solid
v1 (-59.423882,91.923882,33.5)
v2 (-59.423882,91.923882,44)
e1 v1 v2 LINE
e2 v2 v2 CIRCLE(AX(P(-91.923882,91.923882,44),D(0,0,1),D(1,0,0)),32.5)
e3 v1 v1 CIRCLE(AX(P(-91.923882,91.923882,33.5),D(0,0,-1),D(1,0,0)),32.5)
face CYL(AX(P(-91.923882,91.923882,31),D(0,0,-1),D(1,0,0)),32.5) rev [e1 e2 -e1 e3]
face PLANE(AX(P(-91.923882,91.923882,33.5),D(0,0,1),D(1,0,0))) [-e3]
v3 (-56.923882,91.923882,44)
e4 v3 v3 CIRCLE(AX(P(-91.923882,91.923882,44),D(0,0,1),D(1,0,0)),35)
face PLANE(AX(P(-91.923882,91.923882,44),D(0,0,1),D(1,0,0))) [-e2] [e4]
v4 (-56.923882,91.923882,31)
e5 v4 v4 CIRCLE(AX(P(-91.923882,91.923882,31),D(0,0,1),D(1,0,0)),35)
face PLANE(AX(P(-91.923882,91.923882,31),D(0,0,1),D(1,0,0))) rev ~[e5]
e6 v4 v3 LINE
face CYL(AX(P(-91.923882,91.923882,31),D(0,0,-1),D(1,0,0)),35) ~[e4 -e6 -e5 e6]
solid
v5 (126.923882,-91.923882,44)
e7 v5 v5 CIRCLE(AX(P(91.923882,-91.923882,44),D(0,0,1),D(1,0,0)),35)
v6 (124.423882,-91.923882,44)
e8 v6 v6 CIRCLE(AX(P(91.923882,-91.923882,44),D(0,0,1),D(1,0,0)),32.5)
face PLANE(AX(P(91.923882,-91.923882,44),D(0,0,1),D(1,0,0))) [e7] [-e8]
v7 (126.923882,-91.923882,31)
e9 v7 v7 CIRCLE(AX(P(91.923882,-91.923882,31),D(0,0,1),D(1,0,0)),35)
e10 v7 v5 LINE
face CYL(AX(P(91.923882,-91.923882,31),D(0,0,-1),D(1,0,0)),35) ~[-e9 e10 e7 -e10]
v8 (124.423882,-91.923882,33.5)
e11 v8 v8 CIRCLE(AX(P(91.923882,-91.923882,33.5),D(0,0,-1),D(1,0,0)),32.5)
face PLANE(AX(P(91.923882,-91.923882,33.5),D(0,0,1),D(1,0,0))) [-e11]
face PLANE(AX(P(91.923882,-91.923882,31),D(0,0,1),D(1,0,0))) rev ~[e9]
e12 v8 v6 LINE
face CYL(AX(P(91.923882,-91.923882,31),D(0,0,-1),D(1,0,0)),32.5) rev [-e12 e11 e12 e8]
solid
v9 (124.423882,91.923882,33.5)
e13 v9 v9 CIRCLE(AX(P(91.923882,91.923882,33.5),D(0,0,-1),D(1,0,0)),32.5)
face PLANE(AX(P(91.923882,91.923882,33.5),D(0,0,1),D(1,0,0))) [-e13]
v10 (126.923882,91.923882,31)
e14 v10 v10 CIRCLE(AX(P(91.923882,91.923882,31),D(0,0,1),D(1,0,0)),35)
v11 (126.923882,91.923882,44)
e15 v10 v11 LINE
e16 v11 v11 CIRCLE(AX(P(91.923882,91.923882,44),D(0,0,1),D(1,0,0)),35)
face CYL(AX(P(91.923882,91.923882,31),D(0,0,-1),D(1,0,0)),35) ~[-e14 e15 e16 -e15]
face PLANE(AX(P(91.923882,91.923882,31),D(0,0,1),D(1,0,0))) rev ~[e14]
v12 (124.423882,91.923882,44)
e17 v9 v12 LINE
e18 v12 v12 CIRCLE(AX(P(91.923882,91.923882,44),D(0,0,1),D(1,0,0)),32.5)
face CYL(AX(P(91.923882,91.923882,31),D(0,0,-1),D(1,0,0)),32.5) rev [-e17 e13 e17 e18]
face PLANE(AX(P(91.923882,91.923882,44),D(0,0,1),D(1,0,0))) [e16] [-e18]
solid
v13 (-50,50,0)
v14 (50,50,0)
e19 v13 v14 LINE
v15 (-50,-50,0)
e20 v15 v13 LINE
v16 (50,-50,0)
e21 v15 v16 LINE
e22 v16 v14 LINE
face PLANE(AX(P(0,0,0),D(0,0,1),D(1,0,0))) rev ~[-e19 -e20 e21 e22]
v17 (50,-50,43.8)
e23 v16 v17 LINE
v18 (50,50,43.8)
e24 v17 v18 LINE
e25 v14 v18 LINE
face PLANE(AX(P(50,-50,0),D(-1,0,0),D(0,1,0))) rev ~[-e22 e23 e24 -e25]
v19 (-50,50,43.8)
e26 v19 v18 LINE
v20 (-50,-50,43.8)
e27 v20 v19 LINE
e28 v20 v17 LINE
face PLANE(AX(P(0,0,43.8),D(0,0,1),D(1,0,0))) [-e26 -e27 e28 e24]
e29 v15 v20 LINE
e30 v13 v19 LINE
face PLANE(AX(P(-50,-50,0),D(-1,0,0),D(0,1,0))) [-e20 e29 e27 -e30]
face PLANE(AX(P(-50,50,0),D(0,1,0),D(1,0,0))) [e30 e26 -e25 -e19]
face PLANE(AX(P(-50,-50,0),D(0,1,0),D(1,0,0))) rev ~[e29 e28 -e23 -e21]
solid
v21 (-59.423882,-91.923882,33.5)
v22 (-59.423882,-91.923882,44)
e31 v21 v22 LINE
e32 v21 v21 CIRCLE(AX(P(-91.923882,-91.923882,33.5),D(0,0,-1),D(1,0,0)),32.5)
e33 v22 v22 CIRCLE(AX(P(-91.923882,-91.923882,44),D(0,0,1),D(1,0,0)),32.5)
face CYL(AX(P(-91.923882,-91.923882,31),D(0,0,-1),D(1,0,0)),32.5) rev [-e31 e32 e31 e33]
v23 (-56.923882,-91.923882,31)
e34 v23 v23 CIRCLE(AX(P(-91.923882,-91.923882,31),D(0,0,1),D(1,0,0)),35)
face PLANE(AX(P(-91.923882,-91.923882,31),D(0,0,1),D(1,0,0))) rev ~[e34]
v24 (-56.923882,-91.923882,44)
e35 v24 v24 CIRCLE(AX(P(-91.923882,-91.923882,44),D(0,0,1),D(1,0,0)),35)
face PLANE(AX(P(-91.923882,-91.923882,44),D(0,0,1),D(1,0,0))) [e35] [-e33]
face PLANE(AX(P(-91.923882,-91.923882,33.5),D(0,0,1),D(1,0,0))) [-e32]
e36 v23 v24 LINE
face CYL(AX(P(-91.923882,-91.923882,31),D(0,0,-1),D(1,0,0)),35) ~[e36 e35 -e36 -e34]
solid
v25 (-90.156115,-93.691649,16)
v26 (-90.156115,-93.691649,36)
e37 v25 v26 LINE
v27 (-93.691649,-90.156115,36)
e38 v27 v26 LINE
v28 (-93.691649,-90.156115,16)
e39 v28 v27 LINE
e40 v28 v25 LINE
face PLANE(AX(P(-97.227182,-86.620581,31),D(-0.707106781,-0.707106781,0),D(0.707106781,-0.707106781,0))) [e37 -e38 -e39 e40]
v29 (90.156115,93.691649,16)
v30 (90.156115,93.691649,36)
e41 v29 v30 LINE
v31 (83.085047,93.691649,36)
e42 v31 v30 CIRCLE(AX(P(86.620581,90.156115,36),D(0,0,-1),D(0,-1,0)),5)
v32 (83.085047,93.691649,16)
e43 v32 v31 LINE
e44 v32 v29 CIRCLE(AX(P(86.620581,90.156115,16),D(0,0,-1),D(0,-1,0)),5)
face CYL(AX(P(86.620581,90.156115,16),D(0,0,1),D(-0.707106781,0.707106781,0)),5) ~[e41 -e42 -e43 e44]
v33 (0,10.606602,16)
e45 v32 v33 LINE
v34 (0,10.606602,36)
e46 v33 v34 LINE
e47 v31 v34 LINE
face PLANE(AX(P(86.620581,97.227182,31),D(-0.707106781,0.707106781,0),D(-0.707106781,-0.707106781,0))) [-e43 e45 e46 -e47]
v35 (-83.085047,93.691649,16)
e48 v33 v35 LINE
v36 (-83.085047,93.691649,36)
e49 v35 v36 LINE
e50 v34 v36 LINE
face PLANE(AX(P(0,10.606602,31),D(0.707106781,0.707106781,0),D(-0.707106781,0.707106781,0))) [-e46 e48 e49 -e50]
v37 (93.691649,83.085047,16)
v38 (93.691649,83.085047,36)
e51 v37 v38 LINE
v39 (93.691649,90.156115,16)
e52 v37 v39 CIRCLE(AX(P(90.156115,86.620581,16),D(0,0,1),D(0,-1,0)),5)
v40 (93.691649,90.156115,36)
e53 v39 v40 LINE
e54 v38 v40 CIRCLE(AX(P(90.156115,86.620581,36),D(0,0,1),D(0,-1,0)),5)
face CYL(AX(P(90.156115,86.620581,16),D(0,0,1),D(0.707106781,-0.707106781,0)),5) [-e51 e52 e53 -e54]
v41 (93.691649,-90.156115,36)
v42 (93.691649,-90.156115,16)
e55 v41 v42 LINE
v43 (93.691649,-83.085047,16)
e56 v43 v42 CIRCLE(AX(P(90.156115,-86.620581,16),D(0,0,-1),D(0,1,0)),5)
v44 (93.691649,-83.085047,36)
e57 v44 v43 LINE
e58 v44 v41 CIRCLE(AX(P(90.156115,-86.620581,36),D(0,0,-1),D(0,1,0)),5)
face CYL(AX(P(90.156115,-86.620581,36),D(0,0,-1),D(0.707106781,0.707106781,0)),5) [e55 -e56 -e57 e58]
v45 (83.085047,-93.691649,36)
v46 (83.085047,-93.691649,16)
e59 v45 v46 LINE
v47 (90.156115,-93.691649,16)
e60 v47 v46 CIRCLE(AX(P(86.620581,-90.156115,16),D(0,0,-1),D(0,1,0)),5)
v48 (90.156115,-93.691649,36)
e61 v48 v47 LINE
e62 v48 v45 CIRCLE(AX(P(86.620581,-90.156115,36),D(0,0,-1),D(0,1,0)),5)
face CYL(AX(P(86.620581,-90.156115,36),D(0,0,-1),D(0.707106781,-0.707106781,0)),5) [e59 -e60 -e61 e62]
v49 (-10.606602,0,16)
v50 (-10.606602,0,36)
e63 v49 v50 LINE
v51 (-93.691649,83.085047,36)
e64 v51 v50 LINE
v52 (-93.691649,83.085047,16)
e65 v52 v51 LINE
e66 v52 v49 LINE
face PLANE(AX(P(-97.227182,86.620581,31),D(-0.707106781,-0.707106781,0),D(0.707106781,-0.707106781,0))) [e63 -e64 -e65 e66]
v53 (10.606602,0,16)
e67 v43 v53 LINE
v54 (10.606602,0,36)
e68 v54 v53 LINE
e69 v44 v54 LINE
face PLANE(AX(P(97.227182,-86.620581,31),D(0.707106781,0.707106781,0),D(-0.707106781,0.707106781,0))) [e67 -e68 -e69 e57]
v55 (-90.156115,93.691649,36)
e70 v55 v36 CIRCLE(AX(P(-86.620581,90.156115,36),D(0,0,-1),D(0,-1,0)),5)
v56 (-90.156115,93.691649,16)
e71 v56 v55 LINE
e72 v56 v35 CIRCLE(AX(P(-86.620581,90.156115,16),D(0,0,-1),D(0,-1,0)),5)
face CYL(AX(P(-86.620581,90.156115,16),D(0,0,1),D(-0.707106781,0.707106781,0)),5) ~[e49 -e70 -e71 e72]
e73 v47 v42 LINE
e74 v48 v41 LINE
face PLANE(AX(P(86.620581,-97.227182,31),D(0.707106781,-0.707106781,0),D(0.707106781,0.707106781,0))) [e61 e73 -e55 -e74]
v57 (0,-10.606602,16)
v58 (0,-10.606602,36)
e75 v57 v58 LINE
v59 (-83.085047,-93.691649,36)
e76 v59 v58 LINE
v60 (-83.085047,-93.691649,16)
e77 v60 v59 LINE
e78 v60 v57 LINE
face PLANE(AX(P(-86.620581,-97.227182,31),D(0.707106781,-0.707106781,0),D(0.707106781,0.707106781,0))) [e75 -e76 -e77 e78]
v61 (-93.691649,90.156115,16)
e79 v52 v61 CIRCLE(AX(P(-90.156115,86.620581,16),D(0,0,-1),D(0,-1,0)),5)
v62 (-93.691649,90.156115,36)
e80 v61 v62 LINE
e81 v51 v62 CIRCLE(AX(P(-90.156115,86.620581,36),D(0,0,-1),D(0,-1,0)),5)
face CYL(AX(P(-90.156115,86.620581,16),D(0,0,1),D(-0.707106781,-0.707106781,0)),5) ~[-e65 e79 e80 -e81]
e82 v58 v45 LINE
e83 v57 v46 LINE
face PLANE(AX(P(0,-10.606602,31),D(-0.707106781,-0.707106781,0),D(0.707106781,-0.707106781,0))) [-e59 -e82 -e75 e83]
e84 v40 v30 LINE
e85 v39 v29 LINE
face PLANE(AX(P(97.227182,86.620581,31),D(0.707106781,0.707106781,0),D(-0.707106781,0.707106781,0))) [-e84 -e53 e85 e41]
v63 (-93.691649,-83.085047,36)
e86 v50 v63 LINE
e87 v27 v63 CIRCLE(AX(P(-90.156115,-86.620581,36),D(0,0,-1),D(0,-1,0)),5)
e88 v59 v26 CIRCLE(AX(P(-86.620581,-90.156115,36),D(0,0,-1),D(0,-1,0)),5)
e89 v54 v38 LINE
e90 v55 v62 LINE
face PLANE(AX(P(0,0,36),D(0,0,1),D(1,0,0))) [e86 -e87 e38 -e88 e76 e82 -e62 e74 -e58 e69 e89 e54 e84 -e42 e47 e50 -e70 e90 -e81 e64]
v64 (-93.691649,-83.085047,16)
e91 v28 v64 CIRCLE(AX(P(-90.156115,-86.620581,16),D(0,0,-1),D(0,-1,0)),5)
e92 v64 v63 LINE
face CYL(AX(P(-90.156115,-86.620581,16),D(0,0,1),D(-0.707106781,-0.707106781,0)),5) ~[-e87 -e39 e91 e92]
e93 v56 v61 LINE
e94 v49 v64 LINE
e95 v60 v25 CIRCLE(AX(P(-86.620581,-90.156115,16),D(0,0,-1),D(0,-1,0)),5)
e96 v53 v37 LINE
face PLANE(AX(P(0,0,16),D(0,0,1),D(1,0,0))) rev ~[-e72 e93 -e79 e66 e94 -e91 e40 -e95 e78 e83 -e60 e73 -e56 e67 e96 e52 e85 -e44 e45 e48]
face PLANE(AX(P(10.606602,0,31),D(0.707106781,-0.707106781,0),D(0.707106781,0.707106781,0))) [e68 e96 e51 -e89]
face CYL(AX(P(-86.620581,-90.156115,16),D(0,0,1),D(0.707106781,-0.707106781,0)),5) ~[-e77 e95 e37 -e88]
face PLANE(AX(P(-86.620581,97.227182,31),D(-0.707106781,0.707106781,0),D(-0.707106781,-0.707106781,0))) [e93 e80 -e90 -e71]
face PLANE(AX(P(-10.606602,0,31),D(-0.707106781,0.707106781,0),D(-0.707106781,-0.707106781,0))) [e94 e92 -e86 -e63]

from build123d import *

# Parameters (mm, degrees)
F4_R          = 35
F5_DEPTH      = 13
F0_W          = 100
F0_H          = 100
F6_DEPTH      = 43.8
F8_DEPTH      = 5
F8_DEPTH_BACK = 15
F10_T         = -2.5
F10_2_T       = -2.5
F10_3_T       = -2.5
F10_4_T       = -2.5
F11_R         = 5


with BuildPart() as f5:
    # F4 (on offset) → F5 (new body)
    with BuildSketch(Plane.XY.offset(31)):
        with Locations((91.9238815543, 91.9238815543)):
            Circle(F4_R)
    extrude(amount=F5_DEPTH)

    # F10#3
    f10_3_openings = [f5.faces().sort_by_distance(p)[0] for p in [
        (91.923882, 91.923882, 44),
    ]]
    offset(amount=F10_3_T, openings=f10_3_openings)


with BuildPart() as f5b:
    # F4 (on offset) → F5, piece 2 (new body)
    with BuildSketch(Plane.XY.offset(31)):
        with Locations((-91.9238815543, 91.9238815543)):
            Circle(F4_R)
    extrude(amount=F5_DEPTH)

    # F10#4
    f10_4_openings = [f5b.faces().sort_by_distance(p)[0] for p in [
        (-91.923882, 91.923882, 44),
    ]]
    offset(amount=F10_4_T, openings=f10_4_openings)


with BuildPart() as f5c:
    # F4 (on offset) → F5, piece 3 (new body)
    with BuildSketch(Plane.XY.offset(31)):
        with Locations((-91.9238815543, -91.9238815543)):
            Circle(F4_R)
    extrude(amount=F5_DEPTH)

    # F10#2
    f10_2_openings = [f5c.faces().sort_by_distance(p)[0] for p in [
        (-91.923882, -91.923882, 44),
    ]]
    offset(amount=F10_2_T, openings=f10_2_openings)


with BuildPart() as f5d:
    # F4 (on offset) → F5, piece 4 (new body)
    with BuildSketch(Plane.XY.offset(31)):
        with Locations((91.9238815543, -91.9238815543)):
            Circle(F4_R)
    extrude(amount=F5_DEPTH)

    # F10
    f10_openings = [f5d.faces().sort_by_distance(p)[0] for p in [
        (91.923882, -91.923882, 44),
    ]]
    offset(amount=F10_T, openings=f10_openings)


with BuildPart() as f6:
    # F0 (on Top) → F6 (new body)
    with BuildSketch(Plane.XY):
        Rectangle(F0_W, F0_H)
    extrude(amount=F6_DEPTH)


with BuildPart() as f8:
    # F7 (on offset) → F8 (new body, two sides)
    with BuildSketch(Plane.XY.offset(31)) as f8_sk:
        Polygon((10.6066017178, 0), (97.2271824132, 86.6205806954), (86.6205806954, 97.2271824132), (0, 10.6066017178), (-86.6205806954, 97.2271824132), (-97.2271824132, 86.6205806954), (-10.6066017178, 0), (-97.2271824132, -86.6205806954), (-86.6205806954, -97.2271824132), (0, -10.6066017178), (86.6205806954, -97.2271824132), (97.2271824132, -86.6205806954), align=None)
    extrude(amount=F8_DEPTH)
    extrude(f8_sk.sketch, amount=-F8_DEPTH_BACK)

    # F11
    f11_edges = [f8.edges().sort_by_distance(p)[0] for p in [
        (-97.227182, -86.620581, 26),
        (-86.620581, -97.227182, 26),
        (97.227182, -86.620581, 26),
        (86.620581, -97.227182, 26),
        (-86.620581, 97.227182, 26),
        (-97.227182, 86.620581, 26),
        (97.227182, 86.620581, 26),
        (86.620581, 97.227182, 26),
    ]]
    fillet(f11_edges, radius=F11_R)


solid = Compound([f5.part, f5b.part, f5c.part, f5d.part, f6.part, f8.part])
